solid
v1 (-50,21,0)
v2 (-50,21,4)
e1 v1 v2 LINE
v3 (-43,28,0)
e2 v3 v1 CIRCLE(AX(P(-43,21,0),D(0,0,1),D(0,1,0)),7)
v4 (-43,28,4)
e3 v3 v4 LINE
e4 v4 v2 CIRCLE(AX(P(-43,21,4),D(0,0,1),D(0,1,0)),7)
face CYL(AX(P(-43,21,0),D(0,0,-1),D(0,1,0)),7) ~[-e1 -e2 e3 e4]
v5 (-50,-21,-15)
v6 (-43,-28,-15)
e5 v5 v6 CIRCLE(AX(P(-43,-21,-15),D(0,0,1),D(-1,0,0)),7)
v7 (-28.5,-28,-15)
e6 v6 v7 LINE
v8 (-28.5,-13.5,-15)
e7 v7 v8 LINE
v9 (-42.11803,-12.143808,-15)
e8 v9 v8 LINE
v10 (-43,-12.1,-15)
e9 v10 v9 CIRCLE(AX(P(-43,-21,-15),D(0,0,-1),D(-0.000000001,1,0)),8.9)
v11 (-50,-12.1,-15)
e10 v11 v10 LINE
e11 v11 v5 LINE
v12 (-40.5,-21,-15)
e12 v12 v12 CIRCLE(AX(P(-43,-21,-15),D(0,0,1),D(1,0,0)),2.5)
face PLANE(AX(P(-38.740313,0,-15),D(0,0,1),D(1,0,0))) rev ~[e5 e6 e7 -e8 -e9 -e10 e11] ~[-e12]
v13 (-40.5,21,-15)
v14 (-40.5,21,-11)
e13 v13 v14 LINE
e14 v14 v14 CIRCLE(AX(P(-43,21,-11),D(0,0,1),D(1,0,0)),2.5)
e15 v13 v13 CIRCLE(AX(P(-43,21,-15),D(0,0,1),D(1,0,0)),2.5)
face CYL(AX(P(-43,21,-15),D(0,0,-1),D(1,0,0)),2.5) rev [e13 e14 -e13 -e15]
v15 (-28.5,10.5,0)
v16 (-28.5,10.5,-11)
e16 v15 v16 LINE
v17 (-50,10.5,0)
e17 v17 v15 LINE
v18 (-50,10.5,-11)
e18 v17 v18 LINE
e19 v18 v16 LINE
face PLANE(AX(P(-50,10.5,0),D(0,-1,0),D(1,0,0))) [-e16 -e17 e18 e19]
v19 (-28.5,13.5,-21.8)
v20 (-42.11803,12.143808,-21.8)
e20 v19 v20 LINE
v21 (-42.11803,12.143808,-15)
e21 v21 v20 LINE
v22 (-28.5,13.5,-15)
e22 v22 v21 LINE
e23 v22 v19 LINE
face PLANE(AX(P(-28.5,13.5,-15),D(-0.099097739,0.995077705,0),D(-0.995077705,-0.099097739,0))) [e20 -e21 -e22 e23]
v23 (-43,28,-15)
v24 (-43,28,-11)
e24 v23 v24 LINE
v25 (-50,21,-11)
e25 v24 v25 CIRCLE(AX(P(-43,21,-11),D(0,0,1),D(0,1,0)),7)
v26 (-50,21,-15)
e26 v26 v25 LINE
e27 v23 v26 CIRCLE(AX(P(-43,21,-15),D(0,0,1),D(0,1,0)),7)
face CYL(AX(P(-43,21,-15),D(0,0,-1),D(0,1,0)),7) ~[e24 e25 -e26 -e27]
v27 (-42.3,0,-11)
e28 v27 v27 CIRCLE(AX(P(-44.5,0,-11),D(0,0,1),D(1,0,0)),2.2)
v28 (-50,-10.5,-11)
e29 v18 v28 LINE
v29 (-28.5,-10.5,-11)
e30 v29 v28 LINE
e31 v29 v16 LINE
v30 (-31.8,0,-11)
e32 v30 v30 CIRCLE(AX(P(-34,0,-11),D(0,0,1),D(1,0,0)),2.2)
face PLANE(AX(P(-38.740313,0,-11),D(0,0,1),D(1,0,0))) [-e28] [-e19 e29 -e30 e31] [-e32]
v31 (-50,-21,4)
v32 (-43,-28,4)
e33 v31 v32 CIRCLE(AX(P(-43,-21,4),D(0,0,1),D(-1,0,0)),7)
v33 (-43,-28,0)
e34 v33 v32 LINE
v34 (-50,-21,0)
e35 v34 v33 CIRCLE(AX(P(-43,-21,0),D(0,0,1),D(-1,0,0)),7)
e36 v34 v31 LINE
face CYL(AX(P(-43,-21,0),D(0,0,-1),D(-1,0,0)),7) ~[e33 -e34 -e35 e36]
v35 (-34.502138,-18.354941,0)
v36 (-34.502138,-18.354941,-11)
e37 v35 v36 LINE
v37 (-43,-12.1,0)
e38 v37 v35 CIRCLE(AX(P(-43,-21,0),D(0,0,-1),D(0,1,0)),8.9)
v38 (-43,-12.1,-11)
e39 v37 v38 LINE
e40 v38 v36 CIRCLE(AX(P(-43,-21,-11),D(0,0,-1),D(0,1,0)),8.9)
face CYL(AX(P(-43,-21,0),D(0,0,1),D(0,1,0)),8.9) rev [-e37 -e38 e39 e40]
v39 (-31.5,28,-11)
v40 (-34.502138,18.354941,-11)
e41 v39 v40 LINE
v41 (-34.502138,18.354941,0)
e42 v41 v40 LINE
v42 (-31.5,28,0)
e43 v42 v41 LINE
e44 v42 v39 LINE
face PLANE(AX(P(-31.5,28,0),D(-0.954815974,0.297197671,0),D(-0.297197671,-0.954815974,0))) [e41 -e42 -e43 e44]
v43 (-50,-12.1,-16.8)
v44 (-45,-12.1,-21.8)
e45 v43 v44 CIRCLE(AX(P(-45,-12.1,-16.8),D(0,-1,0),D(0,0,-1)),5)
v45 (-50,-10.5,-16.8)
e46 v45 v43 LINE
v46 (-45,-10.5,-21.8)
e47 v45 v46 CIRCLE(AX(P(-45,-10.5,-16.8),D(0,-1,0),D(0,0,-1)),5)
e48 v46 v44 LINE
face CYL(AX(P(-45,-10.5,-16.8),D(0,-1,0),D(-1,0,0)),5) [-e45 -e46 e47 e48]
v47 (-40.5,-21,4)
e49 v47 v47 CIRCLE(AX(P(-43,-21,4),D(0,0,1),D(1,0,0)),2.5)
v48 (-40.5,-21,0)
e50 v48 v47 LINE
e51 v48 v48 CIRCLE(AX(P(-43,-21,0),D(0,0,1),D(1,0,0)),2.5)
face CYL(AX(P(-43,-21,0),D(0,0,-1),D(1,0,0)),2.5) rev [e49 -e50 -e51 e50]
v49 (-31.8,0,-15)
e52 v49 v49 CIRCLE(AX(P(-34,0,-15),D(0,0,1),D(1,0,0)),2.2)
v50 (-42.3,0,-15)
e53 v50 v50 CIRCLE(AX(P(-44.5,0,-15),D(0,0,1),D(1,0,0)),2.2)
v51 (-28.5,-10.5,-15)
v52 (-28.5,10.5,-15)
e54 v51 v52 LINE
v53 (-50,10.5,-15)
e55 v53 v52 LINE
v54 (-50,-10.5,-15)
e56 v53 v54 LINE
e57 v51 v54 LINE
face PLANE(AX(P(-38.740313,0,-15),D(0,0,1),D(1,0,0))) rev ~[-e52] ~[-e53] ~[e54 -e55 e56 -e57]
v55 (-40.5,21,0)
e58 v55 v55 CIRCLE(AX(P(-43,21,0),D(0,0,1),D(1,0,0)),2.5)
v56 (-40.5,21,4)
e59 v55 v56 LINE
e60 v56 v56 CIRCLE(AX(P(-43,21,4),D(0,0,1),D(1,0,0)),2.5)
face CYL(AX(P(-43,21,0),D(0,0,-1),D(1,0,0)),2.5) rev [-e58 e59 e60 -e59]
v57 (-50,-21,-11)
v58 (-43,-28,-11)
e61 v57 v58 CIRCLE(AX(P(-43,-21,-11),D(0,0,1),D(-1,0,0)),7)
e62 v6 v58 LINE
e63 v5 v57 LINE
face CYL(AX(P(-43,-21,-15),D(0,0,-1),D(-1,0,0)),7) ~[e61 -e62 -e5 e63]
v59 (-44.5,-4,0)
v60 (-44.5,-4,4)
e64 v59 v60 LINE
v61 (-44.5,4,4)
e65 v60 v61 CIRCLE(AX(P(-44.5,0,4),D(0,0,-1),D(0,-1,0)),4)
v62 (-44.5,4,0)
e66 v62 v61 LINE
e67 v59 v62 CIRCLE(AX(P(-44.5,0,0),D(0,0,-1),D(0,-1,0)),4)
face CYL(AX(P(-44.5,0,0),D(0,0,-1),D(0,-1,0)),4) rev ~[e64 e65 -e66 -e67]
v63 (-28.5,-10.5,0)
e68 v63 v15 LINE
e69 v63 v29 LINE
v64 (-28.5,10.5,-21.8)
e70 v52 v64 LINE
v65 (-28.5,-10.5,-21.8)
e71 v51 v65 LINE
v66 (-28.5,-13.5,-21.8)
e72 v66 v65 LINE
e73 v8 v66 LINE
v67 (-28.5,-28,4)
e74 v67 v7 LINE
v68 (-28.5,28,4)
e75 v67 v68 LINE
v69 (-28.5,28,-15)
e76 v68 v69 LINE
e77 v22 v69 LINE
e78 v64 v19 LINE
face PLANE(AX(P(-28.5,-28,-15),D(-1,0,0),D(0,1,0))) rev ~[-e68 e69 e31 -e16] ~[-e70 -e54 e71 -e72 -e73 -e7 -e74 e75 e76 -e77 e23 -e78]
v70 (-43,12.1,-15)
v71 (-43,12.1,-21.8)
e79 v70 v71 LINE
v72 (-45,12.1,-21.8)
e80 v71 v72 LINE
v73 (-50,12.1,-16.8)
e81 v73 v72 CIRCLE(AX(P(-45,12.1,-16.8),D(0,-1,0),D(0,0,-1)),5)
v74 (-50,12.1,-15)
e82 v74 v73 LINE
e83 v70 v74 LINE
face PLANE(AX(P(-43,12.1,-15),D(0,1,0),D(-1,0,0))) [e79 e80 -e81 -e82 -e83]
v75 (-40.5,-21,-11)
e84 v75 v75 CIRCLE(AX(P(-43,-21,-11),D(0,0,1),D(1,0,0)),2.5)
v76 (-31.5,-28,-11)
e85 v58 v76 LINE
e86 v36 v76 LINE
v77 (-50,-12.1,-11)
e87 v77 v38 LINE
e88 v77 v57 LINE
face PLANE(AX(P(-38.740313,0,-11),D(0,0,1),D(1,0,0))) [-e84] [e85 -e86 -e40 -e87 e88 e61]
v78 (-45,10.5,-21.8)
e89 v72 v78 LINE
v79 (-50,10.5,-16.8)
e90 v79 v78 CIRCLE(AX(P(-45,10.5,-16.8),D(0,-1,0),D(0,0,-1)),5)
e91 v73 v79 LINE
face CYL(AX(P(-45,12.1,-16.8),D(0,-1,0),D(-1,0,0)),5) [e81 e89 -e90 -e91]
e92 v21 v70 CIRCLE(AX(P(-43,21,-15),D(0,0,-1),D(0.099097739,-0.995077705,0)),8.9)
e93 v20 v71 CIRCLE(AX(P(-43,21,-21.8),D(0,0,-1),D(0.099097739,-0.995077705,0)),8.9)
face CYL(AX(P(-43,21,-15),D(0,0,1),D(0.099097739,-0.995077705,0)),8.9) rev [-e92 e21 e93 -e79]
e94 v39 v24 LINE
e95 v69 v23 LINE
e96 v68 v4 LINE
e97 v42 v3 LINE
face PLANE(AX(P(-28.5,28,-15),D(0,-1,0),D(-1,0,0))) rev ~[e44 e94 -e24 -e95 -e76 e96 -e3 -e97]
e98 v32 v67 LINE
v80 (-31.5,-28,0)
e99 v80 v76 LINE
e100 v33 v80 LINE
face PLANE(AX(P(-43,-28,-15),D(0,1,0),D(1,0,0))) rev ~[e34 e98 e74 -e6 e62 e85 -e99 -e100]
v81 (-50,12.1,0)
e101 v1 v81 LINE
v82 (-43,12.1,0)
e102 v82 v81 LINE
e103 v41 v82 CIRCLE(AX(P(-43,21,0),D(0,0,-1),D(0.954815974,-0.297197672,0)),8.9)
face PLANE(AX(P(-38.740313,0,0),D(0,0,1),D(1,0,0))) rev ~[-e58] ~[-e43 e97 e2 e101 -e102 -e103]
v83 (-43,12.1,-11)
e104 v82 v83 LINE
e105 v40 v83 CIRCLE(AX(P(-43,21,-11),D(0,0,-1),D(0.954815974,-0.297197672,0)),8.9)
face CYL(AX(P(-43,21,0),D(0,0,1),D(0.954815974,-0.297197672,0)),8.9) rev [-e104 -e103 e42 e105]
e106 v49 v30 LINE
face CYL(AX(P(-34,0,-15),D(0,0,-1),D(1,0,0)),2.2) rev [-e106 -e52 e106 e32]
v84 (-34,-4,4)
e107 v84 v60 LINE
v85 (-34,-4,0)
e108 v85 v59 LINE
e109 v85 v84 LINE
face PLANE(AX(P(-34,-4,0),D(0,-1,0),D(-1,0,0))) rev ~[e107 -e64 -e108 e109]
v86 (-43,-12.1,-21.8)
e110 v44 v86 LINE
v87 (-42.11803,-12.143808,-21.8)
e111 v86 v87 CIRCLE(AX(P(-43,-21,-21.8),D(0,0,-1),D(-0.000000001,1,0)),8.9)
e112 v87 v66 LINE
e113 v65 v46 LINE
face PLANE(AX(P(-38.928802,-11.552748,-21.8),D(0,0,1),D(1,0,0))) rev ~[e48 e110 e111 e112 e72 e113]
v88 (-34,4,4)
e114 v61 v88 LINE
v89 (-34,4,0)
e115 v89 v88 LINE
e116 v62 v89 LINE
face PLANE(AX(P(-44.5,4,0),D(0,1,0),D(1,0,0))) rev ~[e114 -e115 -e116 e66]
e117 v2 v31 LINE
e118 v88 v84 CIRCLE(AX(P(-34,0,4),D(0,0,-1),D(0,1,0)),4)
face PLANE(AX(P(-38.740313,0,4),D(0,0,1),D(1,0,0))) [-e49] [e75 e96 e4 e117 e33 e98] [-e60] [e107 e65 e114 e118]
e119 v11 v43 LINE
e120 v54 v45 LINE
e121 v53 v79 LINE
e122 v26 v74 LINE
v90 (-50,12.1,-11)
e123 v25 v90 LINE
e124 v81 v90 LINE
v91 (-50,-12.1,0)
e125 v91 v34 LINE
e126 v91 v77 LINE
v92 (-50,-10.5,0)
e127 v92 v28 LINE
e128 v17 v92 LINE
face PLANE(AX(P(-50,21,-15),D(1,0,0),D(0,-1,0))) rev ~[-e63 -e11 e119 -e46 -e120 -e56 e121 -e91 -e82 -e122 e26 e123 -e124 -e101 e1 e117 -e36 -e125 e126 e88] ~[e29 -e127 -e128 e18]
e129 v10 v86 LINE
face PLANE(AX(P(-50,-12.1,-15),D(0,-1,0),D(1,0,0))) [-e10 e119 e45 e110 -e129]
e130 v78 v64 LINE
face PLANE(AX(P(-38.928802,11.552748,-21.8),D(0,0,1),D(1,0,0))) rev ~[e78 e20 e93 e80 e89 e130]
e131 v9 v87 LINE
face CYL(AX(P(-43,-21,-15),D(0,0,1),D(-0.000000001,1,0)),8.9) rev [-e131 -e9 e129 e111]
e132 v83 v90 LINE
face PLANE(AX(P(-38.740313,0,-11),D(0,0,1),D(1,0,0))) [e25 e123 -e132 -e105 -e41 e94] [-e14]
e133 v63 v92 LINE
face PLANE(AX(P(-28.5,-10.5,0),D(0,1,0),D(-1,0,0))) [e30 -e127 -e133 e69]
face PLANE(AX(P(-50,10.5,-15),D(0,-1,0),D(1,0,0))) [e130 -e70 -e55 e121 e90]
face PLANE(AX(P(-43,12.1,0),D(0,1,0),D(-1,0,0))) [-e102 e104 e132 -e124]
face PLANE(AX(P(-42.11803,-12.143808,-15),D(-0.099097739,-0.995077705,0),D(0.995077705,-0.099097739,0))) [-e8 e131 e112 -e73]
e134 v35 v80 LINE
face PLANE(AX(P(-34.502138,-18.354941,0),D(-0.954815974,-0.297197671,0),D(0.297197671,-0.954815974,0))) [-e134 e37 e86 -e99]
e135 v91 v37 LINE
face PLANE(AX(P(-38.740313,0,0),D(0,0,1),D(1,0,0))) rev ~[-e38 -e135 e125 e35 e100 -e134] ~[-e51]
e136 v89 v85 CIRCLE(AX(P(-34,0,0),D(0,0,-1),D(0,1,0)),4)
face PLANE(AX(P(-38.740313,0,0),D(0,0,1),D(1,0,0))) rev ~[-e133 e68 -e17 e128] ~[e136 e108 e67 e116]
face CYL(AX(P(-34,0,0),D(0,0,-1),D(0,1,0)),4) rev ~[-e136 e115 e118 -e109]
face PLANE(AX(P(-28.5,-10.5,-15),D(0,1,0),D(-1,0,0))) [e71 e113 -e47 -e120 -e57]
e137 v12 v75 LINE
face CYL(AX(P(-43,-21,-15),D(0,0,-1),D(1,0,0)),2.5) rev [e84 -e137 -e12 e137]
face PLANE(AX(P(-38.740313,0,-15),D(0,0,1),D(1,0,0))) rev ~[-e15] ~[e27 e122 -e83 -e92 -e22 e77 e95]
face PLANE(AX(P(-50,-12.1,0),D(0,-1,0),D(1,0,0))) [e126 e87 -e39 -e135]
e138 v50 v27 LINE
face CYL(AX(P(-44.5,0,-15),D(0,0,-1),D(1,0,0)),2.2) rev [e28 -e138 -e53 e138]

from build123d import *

# Parameters (mm, degrees)
SKETCH_1_R      = 2.5
EXTRUDE_1_DEPTH = 4
EXTRUDE_2_DEPTH = 11
EXTRUDE_START   = -15
SKETCH_1_6_R    = 2.5
SKETCH_1_6_R_2  = 2.2
EXTRUDE_3_DEPTH = 4
EXTRUDE_4_DEPTH = 6.8
FILLET_1_R      = 5


with BuildPart() as part:
    # 草图1 → 凸台-拉伸1 (new body)
    with BuildSketch(Plane.XY):
        with BuildLine():
            ThreePointArc((-43, 28), (-47.949747468, 25.949747468), (-50, 21))
            Line((-50, 21), (-50, -21))
            ThreePointArc((-50, -21), (-47.949747468, -25.949747468), (-43, -28))
            Line((-43, -28), (-28.5, -28))
            Line((-28.5, -28), (-28.5, 28))
            Line((-28.5, 28), (-43, 28))
        make_face()
        with Locations((-43, 21)):
            Circle(SKETCH_1_R, mode=Mode.SUBTRACT)
        with BuildLine():
            Line((-44.5, 4), (-34, 4))
            ThreePointArc((-34, 4), (-30, 0), (-34, -4))
            Line((-34, -4), (-44.5, -4))
            ThreePointArc((-44.5, -4), (-48.5, 0), (-44.5, 4))
        make_face(mode=Mode.SUBTRACT)
        with Locations((-43, -21)):
            Circle(SKETCH_1_R, mode=Mode.SUBTRACT)
    extrude(amount=EXTRUDE_1_DEPTH)

    # 草图1<5> → 凸台-拉伸2 (add)
    with BuildSketch(Plane.XY):
        with BuildLine():
            Line((-43, 12.1), (-50, 12.1))
            Line((-50, 12.1), (-50, 10.5))
            Line((-50, 10.5), (-28.5, 10.5))
            Line((-28.5, 10.5), (-28.5, 28))
            Line((-28.5, 28), (-31.5, 28))
            Line((-31.5, 28), (-34.502137832, 18.354940724))
            ThreePointArc((-34.502137832, 18.354940724), (-37.724160141, 13.832328567), (-43, 12.1))
        make_face()
        with BuildLine():
            Line((-28.5, -10.5), (-50, -10.5))
            Line((-50, -10.5), (-50, -12.1))
            Line((-50, -12.1), (-43, -12.1))
            ThreePointArc((-43, -12.1), (-37.724160141, -13.832328567), (-34.502137832, -18.354940724))
            Line((-34.502137832, -18.354940724), (-31.5, -28))
            Line((-31.5, -28), (-28.5, -28))
            Line((-28.5, -28), (-28.5, -10.5))
        make_face()
    extrude(amount=-EXTRUDE_2_DEPTH)

    # 草图1<6> → 凸台-拉伸3 (add)
    with BuildSketch(Plane.XY.offset(EXTRUDE_START)):
        with BuildLine():
            ThreePointArc((-43, 28), (-47.949747468, 25.949747468), (-50, 21))
            Line((-50, 21), (-50, -21))
            ThreePointArc((-50, -21), (-47.949747468, -25.949747468), (-43, -28))
            Line((-43, -28), (-28.5, -28))
            Line((-28.5, -28), (-28.5, 28))
            Line((-28.5, 28), (-43, 28))
        make_face()
        with Locations((-43, 21)):
            Circle(SKETCH_1_6_R, mode=Mode.SUBTRACT)
        with Locations((-43, -21)):
            Circle(SKETCH_1_6_R, mode=Mode.SUBTRACT)
        with Locations((-34, 0)):
            Circle(SKETCH_1_6_R_2, mode=Mode.SUBTRACT)
        with Locations((-44.5, 0)):
            Circle(SKETCH_1_6_R_2, mode=Mode.SUBTRACT)
    extrude(amount=EXTRUDE_3_DEPTH)

    # 草图1<7> → 凸台-拉伸4 (add)
    with BuildSketch(Plane.XY.offset(EXTRUDE_START)):
        with BuildLine():
            Line((-43, 12.1), (-50, 12.1))
            Line((-50, 12.1), (-50, 10.5))
            Line((-50, 10.5), (-28.5, 10.5))
            Line((-28.5, 10.5), (-28.5, 13.5))
            Line((-28.5, 13.5), (-42.118030123, 12.143808429))
            ThreePointArc((-42.118030123, 12.143808429), (-42.558471393, 12.110958854), (-43, 12.1))
        make_face()
        with BuildLine():
            Line((-28.5, -10.5), (-50, -10.5))
            Line((-50, -10.5), (-50, -12.1))
            Line((-50, -12.1), (-43, -12.1))
            ThreePointArc((-43, -12.1), (-42.558471393, -12.110958854), (-42.118030123, -12.143808429))
            Line((-42.118030123, -12.143808429), (-28.5, -13.5))
            Line((-28.5, -13.5), (-28.5, -10.5))
        make_face()
    extrude(amount=-EXTRUDE_4_DEPTH)

    # 圆角1
    fillet_1_edges = [part.edges().sort_by_distance(p)[0] for p in [
        (-50, 11.3, -21.8),
        (-50, -11.3, -21.8),
    ]]
    fillet(fillet_1_edges, radius=FILLET_1_R)


solid = part.part
